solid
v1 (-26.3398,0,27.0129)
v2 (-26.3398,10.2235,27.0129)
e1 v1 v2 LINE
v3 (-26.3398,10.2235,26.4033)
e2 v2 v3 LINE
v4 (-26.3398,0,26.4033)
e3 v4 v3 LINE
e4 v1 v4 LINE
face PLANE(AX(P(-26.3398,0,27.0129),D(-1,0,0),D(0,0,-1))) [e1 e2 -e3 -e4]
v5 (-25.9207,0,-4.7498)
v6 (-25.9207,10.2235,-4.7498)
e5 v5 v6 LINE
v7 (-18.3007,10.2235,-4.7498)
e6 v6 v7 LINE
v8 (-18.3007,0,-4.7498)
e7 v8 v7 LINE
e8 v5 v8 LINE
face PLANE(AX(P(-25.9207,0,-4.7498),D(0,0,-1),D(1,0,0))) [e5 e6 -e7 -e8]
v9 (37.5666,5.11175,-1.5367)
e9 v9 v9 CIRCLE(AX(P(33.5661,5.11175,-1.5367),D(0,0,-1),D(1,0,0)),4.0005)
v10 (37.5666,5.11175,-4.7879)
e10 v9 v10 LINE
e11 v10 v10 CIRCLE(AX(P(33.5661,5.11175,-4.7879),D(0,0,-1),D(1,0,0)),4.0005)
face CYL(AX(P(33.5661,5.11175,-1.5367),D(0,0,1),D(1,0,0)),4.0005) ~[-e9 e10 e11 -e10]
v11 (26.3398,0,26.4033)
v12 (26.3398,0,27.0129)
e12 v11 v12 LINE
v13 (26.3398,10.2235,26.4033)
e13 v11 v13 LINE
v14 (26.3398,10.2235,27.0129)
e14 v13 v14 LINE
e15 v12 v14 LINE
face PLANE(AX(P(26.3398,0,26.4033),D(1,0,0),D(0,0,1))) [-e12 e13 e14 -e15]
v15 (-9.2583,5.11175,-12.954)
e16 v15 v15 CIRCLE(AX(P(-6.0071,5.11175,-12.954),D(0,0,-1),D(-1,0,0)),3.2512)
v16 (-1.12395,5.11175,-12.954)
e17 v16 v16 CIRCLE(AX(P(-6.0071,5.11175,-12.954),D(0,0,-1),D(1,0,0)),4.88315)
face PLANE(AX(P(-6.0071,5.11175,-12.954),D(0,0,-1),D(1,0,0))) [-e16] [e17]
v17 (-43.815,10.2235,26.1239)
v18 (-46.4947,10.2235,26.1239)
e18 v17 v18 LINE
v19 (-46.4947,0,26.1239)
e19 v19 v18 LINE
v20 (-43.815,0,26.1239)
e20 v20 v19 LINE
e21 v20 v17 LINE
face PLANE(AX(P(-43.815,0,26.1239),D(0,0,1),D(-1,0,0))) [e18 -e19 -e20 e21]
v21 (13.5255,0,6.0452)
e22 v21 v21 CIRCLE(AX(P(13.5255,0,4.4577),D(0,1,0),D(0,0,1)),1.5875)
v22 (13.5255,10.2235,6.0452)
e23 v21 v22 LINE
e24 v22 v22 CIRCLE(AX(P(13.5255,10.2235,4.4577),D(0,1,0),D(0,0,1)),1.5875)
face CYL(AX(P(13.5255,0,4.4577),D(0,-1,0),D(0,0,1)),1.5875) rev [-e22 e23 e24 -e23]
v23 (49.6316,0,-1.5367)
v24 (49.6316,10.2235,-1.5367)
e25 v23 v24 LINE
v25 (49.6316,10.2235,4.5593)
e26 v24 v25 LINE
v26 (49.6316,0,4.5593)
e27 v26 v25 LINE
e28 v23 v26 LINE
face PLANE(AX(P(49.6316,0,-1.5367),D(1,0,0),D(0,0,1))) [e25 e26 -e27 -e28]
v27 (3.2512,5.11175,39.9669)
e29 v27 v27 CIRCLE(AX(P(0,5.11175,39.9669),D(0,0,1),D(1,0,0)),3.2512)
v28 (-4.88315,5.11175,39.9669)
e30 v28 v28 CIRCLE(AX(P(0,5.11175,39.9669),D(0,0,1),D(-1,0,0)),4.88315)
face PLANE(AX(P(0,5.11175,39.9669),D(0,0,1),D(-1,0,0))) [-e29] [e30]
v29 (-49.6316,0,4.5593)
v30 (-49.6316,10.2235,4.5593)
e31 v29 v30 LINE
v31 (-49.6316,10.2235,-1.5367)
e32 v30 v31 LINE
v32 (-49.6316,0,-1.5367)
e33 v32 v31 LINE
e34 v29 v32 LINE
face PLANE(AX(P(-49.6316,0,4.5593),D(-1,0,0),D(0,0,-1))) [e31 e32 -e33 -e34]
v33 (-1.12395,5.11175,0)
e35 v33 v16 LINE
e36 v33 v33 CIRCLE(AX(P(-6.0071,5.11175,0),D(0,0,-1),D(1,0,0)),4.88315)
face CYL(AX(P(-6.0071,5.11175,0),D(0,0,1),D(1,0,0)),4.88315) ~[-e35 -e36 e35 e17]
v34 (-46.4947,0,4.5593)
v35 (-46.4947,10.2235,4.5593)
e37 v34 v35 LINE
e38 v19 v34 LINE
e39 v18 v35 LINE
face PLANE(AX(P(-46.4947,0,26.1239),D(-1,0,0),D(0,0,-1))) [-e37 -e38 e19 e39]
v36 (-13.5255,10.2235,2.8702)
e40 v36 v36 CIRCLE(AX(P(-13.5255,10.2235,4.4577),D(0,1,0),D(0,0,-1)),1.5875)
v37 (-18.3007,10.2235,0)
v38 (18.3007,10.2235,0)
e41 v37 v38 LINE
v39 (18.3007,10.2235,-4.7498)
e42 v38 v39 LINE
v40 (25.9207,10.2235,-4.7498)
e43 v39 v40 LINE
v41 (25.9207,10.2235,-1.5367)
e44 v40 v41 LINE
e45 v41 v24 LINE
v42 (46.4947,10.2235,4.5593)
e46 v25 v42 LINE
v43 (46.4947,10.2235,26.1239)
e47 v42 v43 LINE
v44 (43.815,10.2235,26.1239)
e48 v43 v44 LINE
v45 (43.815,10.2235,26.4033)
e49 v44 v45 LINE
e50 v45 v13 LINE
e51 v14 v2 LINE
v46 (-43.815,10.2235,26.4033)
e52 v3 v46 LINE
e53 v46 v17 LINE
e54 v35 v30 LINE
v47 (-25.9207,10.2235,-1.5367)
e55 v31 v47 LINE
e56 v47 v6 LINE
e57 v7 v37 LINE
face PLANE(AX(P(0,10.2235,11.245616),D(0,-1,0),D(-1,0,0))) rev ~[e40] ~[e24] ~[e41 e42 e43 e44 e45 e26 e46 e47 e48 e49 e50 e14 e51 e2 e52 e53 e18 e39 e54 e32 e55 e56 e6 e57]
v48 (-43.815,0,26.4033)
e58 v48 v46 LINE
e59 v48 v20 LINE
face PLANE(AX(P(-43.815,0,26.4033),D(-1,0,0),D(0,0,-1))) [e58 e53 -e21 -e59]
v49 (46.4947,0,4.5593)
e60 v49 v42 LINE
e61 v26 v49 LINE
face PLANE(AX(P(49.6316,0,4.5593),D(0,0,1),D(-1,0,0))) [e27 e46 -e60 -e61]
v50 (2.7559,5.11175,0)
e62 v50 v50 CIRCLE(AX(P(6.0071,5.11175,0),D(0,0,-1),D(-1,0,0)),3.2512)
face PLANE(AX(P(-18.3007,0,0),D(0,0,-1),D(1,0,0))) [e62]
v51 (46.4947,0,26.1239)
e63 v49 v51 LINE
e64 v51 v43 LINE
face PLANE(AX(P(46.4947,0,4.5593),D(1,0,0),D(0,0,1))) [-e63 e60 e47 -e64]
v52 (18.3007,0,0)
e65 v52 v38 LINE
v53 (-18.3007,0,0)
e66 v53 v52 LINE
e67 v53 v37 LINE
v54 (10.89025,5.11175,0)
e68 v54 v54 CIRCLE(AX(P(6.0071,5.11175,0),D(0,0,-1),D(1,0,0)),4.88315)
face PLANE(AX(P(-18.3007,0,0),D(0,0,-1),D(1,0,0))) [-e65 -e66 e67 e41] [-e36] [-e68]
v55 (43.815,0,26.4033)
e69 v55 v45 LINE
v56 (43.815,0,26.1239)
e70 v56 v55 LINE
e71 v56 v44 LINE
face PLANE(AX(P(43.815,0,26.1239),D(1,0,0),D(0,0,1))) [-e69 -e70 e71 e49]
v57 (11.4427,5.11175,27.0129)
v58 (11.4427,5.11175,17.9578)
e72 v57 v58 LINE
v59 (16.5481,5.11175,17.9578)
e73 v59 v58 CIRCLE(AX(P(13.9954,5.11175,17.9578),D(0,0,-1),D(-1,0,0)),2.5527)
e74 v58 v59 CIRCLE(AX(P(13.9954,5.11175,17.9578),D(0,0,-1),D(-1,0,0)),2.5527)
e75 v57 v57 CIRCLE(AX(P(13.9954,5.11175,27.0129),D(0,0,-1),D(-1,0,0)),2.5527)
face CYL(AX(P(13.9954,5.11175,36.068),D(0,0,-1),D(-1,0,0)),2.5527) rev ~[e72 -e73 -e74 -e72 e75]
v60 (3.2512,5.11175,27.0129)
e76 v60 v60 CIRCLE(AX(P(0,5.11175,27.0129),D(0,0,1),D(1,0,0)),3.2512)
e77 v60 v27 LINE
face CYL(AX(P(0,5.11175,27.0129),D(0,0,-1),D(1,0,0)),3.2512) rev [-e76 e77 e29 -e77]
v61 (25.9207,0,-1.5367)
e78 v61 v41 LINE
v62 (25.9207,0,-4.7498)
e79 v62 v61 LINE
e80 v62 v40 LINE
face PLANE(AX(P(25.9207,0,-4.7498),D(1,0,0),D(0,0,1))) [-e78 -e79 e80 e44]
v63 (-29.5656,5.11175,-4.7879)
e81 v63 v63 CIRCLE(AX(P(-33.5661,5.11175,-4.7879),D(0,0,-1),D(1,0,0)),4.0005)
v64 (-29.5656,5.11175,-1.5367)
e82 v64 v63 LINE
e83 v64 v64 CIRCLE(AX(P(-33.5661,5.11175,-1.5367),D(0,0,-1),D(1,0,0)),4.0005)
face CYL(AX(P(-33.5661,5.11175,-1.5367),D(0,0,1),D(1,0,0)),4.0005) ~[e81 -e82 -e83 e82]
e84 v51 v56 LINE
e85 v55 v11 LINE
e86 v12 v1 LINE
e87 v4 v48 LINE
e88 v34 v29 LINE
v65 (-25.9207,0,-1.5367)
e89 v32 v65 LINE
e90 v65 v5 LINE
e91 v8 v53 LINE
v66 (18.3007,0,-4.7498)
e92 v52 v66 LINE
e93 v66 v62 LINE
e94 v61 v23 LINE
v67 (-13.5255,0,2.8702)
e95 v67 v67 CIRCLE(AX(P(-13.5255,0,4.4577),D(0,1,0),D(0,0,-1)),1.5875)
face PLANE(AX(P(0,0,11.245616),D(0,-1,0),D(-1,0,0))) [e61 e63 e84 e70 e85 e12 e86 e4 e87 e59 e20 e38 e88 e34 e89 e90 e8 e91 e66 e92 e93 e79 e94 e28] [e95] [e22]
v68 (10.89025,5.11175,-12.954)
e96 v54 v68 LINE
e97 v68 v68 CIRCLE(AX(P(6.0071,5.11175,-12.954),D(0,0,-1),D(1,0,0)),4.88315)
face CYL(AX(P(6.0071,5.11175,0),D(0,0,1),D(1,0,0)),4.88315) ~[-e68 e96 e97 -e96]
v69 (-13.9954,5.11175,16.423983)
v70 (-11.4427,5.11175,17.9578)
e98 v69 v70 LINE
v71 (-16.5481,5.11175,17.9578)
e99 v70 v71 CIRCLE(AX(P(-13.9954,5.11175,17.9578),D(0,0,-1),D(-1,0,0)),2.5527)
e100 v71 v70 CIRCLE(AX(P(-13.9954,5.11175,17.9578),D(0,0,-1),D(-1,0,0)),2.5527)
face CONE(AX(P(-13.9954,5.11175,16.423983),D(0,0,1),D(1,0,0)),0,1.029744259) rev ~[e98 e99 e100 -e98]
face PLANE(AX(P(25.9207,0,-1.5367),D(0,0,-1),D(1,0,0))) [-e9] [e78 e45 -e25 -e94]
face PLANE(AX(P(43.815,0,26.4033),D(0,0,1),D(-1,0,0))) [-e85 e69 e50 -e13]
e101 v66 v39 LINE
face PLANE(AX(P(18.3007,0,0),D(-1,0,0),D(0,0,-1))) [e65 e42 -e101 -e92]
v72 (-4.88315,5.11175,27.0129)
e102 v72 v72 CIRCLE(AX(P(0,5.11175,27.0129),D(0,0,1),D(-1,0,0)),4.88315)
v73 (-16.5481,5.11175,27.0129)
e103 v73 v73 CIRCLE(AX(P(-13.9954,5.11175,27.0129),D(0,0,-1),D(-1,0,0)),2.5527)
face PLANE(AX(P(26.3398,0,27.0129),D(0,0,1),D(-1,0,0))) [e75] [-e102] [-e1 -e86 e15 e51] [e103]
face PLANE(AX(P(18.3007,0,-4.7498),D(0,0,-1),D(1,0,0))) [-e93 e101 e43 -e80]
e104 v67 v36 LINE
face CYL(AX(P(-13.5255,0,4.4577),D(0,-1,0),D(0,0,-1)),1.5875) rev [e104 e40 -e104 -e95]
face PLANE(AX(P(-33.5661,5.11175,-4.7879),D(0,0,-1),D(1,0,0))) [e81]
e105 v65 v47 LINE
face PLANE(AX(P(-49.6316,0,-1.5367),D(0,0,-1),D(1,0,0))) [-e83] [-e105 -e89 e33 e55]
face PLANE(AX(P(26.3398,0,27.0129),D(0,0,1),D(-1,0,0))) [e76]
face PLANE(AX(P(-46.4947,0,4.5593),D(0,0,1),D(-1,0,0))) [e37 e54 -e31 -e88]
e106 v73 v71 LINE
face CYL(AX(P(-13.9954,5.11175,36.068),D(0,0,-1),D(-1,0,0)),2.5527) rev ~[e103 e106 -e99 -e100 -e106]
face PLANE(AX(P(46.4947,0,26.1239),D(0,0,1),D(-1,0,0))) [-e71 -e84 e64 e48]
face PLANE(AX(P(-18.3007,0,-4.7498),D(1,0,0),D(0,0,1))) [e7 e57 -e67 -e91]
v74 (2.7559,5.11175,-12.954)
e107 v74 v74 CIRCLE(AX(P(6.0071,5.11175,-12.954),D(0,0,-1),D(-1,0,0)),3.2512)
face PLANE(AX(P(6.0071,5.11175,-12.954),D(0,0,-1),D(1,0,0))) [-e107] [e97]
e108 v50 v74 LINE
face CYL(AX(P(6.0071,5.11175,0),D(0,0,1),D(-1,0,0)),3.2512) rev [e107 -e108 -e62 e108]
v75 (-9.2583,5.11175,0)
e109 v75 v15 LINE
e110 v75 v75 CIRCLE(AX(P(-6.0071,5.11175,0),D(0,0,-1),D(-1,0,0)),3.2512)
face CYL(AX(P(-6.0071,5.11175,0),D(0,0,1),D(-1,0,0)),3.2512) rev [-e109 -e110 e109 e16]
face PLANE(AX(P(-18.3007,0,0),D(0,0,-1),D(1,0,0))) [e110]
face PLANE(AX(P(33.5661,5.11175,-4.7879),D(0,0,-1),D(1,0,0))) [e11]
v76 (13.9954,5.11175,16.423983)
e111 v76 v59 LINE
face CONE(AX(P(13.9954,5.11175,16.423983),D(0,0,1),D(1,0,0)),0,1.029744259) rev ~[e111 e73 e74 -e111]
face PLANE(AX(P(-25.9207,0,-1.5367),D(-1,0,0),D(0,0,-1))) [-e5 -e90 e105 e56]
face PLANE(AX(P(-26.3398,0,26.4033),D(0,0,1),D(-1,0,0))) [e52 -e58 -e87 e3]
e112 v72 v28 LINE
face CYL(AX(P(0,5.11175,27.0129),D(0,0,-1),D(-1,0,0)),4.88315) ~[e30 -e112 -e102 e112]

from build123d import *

# Parameters (mm, degrees)
SKETCH1_R                       = 1.5875
BOSS_EXTRUDE1_DEPTH             = 10.2235
SKETCH2_R                       = 4.88315
SKETCH2_R_2                     = 3.2512
BOSS_EXTRUDE2_DEPTH             = 12.954
SKETCH3_R                       = 4.88315
SKETCH3_R_2                     = 3.2512
BOSS_EXTRUDE3_DEPTH             = 12.954
TAP_DRILL_FOR_1_4_20_TAP1_D     = 5.1054
TAP_DRILL_FOR_1_4_20_TAP1_DEPTH = 9.0551
TAP_DRILL_FOR_1_4_20_TAP1_TIP   = 1.533816902
SKETCH6_R                       = 4.0005
BOSS_EXTRUDE4_DEPTH             = 3.2512


with BuildPart() as part:
    # Sketch1 → Boss-Extrude1 (new body)
    with BuildSketch(Plane(origin=(0, 0, 0), x_dir=(1, 0, 0), z_dir=(0, 1, 0))):
        Polygon((-18.3007, 0), (18.3007, 0), (18.3007, 4.7498), (25.9207, 4.7498), (25.9207, 1.5367), (49.6316, 1.5367), (49.6316, -4.5593), (46.4947, -4.5593), (46.4947, -26.1239), (43.815, -26.1239), (43.815, -26.4033), (26.3398, -26.4033), (26.3398, -27.0129), (-26.3398, -27.0129), (-26.3398, -26.4033), (-43.815, -26.4033), (-43.815, -26.1239), (-46.4947, -26.1239), (-46.4947, -4.5593), (-49.6316, -4.5593), (-49.6316, 1.5367), (-25.9207, 1.5367), (-25.9207, 4.7498), (-18.3007, 4.7498), align=None)
        with Locations(Location((13.5255, -4.4577, 0), (0, 0, 270))):
            Circle(SKETCH1_R, mode=Mode.SUBTRACT)
        with Locations(Location((-13.5255, -4.4577, 0), (0, 0, 90))):
            Circle(SKETCH1_R, mode=Mode.SUBTRACT)
    extrude(amount=BOSS_EXTRUDE1_DEPTH)

    # Sketch2 → Boss-Extrude2 (add)
    with BuildSketch(Plane.XY.offset(27.0129)):
        with Locations(Location((0, 5.11175, 0), (0, 0, 180))):
            Circle(SKETCH2_R)
        with Locations((0, 5.11175)):
            Circle(SKETCH2_R_2, mode=Mode.SUBTRACT)
    extrude(amount=BOSS_EXTRUDE2_DEPTH)

    # Sketch3 → Boss-Extrude3 (add)
    # profile 1 of 2: a face of its own
    with BuildSketch(Plane(origin=(0, 0, 0), x_dir=(-1, 0, 0), z_dir=(0, 0, -1))):
        with Locations(Location((6.0071, 5.11175, 0), (0, 0, 180))):
            Circle(SKETCH3_R)
        with Locations((6.0071, 5.11175)):
            Circle(SKETCH3_R_2, mode=Mode.SUBTRACT)
    # profile 2 of 2: a face of its own
    with BuildSketch(Plane(origin=(0, 0, 0), x_dir=(-1, 0, 0), z_dir=(0, 0, -1))):
        with Locations(Location((-6.0071, 5.11175, 0), (0, 0, 180))):
            Circle(SKETCH3_R)
        with Locations((-6.0071, 5.11175)):
            Circle(SKETCH3_R_2, mode=Mode.SUBTRACT)
    extrude(amount=BOSS_EXTRUDE3_DEPTH)

    # Tap Drill for 1/4-20 Tap1
    with Locations(Plane.XY.offset(27.0129)):
        with Locations((-13.9954, 5.11175), (13.9954, 5.11175)):
            Hole(TAP_DRILL_FOR_1_4_20_TAP1_D / 2, depth=TAP_DRILL_FOR_1_4_20_TAP1_DEPTH)
            with Locations((0, 0, -(TAP_DRILL_FOR_1_4_20_TAP1_DEPTH + TAP_DRILL_FOR_1_4_20_TAP1_TIP / 2))):  # 118° drill point
                Cone(0, TAP_DRILL_FOR_1_4_20_TAP1_D / 2, TAP_DRILL_FOR_1_4_20_TAP1_TIP, mode=Mode.SUBTRACT)

    # Sketch6 → Boss-Extrude4 (add)
    with BuildSketch(Plane(origin=(0, 0, -1.5367), x_dir=(-1, 0, 0), z_dir=(0, 0, -1))):
        with Locations(Location((-33.5661, 5.11175, 0), (0, 0, 180))):
            Circle(SKETCH6_R)
        with Locations(Location((33.5661, 5.11175, 0), (0, 0, 180))):
            Circle(SKETCH6_R)
    extrude(amount=BOSS_EXTRUDE4_DEPTH)


solid = part.part
